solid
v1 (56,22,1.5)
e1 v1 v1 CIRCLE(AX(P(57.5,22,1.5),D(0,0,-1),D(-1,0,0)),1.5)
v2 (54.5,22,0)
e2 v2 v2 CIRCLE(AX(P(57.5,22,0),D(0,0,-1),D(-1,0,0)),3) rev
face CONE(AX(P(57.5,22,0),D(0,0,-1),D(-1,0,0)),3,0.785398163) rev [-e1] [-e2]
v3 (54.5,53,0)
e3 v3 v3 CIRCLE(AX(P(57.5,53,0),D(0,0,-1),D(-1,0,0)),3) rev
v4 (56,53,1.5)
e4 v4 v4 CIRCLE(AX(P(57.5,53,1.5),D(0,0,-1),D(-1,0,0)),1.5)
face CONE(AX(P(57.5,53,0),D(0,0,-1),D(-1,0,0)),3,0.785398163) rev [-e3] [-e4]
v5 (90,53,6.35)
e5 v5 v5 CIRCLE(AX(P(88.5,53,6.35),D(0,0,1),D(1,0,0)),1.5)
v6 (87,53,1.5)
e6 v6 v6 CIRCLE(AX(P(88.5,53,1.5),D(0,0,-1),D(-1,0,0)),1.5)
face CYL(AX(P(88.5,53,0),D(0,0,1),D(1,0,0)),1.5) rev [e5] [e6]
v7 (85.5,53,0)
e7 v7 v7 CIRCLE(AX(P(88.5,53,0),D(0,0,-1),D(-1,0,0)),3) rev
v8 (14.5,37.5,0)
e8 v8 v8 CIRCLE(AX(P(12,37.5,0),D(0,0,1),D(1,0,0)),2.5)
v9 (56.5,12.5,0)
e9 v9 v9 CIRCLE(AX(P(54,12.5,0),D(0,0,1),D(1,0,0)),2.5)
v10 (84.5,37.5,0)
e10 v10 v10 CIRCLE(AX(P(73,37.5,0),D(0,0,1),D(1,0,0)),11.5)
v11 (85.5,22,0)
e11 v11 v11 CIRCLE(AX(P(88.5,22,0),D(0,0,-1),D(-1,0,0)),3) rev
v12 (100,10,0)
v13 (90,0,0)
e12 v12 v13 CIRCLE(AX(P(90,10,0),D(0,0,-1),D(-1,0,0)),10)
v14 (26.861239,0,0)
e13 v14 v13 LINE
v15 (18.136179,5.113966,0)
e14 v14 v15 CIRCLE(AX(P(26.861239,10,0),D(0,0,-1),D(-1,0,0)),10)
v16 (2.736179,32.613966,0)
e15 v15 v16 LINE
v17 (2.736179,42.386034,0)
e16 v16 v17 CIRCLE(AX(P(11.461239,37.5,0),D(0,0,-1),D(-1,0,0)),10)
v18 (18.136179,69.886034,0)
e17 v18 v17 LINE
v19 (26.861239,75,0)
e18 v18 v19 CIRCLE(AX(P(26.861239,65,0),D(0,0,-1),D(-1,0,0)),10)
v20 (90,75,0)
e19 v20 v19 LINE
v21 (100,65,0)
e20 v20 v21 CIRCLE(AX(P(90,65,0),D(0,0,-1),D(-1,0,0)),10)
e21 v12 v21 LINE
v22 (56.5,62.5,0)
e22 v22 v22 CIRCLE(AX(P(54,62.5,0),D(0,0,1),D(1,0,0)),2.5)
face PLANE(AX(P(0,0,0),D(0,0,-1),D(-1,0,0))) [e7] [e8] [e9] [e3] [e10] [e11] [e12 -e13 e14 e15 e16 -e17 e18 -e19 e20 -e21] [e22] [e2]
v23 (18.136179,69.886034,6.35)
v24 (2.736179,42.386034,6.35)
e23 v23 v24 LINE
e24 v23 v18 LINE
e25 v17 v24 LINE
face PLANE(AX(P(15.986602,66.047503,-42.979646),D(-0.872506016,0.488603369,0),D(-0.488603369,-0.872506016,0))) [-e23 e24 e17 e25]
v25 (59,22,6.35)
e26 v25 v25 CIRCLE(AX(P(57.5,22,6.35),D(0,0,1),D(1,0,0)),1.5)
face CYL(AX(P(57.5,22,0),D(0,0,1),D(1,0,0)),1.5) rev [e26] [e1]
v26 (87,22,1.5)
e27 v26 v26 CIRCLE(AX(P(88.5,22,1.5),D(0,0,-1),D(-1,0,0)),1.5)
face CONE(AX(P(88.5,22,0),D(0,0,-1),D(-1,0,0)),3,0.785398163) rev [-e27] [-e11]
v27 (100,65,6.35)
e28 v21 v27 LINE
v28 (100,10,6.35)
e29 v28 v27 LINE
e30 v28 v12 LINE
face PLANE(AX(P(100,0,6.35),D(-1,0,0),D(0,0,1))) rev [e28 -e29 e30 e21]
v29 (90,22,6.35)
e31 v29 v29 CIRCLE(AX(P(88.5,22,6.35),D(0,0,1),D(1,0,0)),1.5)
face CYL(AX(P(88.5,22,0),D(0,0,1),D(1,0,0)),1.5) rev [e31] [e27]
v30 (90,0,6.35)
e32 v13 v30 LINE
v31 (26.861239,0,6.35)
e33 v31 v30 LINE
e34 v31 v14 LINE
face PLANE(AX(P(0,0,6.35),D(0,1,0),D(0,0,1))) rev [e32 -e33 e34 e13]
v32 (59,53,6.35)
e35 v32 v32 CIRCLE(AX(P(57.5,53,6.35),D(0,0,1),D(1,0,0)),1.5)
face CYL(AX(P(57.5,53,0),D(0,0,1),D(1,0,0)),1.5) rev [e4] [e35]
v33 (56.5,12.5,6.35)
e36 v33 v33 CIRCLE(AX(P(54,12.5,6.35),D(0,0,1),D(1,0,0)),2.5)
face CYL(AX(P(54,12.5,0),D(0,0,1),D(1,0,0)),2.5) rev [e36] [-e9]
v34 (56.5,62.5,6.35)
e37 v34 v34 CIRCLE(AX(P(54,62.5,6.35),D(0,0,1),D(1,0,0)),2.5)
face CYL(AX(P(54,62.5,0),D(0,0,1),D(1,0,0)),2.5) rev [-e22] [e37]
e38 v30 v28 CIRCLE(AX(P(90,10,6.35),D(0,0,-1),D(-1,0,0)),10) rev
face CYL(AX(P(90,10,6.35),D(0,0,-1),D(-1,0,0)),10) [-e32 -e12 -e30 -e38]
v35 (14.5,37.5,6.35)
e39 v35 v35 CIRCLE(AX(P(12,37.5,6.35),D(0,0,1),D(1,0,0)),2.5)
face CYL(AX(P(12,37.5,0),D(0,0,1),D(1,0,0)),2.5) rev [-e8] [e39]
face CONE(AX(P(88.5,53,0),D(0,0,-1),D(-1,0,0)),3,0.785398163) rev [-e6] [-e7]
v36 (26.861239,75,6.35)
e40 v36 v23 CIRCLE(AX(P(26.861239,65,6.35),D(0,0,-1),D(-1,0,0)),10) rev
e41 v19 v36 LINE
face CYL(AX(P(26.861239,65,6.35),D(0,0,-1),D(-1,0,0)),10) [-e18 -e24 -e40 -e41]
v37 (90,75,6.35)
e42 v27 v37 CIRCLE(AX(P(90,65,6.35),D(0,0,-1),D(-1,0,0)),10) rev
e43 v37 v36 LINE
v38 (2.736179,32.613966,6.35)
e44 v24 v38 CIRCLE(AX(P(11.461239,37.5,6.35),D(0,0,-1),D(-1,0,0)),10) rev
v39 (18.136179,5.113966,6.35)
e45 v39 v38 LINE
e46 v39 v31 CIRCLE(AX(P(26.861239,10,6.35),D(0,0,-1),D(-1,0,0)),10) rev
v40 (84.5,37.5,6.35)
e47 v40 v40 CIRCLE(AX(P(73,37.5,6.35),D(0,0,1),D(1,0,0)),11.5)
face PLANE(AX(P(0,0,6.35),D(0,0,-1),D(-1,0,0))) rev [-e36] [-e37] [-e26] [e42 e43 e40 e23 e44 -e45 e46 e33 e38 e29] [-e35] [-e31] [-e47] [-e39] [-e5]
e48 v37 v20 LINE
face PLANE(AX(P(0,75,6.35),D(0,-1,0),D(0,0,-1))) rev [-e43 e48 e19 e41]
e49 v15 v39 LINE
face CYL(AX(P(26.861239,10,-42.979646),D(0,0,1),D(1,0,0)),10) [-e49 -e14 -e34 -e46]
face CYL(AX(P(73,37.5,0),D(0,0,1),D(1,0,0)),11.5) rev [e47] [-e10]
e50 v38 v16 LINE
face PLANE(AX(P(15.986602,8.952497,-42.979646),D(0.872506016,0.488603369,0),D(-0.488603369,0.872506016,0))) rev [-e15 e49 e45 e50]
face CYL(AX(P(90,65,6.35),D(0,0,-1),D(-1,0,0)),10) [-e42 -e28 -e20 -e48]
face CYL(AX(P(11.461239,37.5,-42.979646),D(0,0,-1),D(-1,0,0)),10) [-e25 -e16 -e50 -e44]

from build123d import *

# Parameters (mm, degrees)
SKETCH1_W             = 100
SKETCH1_H             = 75
PLATE_DEPTH           = 6.35
SKETCH2_R             = 2.5
CUT_IDLER_HOLES_DEPTH = 126.161186076
SKETCH3_R             = 1.5
SKETCH3_R_2           = 11.5
CUT_MOTOR_HOLES_DEPTH = 126.161186076
CHAMFER1_SIZE         = 1.5
FILLET1_R             = 10
CUT_EXTRUDE1_DEPTH    = 6.35
FILLET5_R             = 10


with BuildPart() as part:
    # Sketch1 → plate (new body)
    with BuildSketch(Plane.XY):
        with Locations((50, 37.5)):
            Rectangle(SKETCH1_W, SKETCH1_H)
    extrude(amount=PLATE_DEPTH)

    # Sketch2 → cut idler holes (cut, through all)
    with BuildSketch(Plane.XY.offset(6.35)):
        with Locations((54, 62.5)):
            Circle(SKETCH2_R)
        with Locations((12, 37.5)):
            Circle(SKETCH2_R)
        with Locations((54, 12.5)):
            Circle(SKETCH2_R)
    extrude(amount=-CUT_IDLER_HOLES_DEPTH, mode=Mode.SUBTRACT)

    # Sketch3 → cut motor holes (cut, through all)
    with BuildSketch(Plane.XY.offset(6.35)):
        with Locations((57.5, 53)):
            Circle(SKETCH3_R)
        with Locations((88.5, 53)):
            Circle(SKETCH3_R)
        with Locations((88.5, 22)):
            Circle(SKETCH3_R)
        with Locations((57.5, 22)):
            Circle(SKETCH3_R)
        with Locations((73, 37.5)):
            Circle(SKETCH3_R_2)
    extrude(amount=-CUT_MOTOR_HOLES_DEPTH, mode=Mode.SUBTRACT)

    # Chamfer1
    chamfer1_edges = [part.edges().sort_by_distance(p)[0] for p in [
        (56, 53, 0),
        (87, 22, 0),
        (56, 22, 0),
        (87, 53, 0),
    ]]
    chamfer(chamfer1_edges, length=CHAMFER1_SIZE)

    # Fillet1
    fillet1_edges = [part.edges().sort_by_distance(p)[0] for p in [
        (0, 75, 3.175),
        (100, 75, 3.175),
        (100, 0, 3.175),
        (0, 0, 3.175),
    ]]
    fillet(fillet1_edges, radius=FILLET1_R)

    # Sketch4 → Cut-Extrude1 (cut)
    with BuildSketch(Plane.XY.offset(6.35)):
        with BuildLine():
            Line((10, 0), (21, 0))
            Line((21, 0), (0, 37.5))
            Line((0, 37.5), (0, 10))
            ThreePointArc((0, 10), (2.928932188, 2.928932188), (10, 0))
        make_face()
    cut_extrude1 = extrude(amount=-CUT_EXTRUDE1_DEPTH, mode=Mode.SUBTRACT)

    # Mirror2: Cut-Extrude1 across plane
    add(cut_extrude1.mirror(Plane(origin=(0, 37.5, 0), x_dir=(0, 0, 1), z_dir=(0, -1, 0))), mode=Mode.SUBTRACT)

    # Fillet5
    fillet5_edges = [part.edges().sort_by_distance(p)[0] for p in [
        (21, 75, 3.175),
        (0, 37.5, 3.175),
        (21, 0, 3.175),
    ]]
    fillet(fillet5_edges, radius=FILLET5_R)


solid = part.part
